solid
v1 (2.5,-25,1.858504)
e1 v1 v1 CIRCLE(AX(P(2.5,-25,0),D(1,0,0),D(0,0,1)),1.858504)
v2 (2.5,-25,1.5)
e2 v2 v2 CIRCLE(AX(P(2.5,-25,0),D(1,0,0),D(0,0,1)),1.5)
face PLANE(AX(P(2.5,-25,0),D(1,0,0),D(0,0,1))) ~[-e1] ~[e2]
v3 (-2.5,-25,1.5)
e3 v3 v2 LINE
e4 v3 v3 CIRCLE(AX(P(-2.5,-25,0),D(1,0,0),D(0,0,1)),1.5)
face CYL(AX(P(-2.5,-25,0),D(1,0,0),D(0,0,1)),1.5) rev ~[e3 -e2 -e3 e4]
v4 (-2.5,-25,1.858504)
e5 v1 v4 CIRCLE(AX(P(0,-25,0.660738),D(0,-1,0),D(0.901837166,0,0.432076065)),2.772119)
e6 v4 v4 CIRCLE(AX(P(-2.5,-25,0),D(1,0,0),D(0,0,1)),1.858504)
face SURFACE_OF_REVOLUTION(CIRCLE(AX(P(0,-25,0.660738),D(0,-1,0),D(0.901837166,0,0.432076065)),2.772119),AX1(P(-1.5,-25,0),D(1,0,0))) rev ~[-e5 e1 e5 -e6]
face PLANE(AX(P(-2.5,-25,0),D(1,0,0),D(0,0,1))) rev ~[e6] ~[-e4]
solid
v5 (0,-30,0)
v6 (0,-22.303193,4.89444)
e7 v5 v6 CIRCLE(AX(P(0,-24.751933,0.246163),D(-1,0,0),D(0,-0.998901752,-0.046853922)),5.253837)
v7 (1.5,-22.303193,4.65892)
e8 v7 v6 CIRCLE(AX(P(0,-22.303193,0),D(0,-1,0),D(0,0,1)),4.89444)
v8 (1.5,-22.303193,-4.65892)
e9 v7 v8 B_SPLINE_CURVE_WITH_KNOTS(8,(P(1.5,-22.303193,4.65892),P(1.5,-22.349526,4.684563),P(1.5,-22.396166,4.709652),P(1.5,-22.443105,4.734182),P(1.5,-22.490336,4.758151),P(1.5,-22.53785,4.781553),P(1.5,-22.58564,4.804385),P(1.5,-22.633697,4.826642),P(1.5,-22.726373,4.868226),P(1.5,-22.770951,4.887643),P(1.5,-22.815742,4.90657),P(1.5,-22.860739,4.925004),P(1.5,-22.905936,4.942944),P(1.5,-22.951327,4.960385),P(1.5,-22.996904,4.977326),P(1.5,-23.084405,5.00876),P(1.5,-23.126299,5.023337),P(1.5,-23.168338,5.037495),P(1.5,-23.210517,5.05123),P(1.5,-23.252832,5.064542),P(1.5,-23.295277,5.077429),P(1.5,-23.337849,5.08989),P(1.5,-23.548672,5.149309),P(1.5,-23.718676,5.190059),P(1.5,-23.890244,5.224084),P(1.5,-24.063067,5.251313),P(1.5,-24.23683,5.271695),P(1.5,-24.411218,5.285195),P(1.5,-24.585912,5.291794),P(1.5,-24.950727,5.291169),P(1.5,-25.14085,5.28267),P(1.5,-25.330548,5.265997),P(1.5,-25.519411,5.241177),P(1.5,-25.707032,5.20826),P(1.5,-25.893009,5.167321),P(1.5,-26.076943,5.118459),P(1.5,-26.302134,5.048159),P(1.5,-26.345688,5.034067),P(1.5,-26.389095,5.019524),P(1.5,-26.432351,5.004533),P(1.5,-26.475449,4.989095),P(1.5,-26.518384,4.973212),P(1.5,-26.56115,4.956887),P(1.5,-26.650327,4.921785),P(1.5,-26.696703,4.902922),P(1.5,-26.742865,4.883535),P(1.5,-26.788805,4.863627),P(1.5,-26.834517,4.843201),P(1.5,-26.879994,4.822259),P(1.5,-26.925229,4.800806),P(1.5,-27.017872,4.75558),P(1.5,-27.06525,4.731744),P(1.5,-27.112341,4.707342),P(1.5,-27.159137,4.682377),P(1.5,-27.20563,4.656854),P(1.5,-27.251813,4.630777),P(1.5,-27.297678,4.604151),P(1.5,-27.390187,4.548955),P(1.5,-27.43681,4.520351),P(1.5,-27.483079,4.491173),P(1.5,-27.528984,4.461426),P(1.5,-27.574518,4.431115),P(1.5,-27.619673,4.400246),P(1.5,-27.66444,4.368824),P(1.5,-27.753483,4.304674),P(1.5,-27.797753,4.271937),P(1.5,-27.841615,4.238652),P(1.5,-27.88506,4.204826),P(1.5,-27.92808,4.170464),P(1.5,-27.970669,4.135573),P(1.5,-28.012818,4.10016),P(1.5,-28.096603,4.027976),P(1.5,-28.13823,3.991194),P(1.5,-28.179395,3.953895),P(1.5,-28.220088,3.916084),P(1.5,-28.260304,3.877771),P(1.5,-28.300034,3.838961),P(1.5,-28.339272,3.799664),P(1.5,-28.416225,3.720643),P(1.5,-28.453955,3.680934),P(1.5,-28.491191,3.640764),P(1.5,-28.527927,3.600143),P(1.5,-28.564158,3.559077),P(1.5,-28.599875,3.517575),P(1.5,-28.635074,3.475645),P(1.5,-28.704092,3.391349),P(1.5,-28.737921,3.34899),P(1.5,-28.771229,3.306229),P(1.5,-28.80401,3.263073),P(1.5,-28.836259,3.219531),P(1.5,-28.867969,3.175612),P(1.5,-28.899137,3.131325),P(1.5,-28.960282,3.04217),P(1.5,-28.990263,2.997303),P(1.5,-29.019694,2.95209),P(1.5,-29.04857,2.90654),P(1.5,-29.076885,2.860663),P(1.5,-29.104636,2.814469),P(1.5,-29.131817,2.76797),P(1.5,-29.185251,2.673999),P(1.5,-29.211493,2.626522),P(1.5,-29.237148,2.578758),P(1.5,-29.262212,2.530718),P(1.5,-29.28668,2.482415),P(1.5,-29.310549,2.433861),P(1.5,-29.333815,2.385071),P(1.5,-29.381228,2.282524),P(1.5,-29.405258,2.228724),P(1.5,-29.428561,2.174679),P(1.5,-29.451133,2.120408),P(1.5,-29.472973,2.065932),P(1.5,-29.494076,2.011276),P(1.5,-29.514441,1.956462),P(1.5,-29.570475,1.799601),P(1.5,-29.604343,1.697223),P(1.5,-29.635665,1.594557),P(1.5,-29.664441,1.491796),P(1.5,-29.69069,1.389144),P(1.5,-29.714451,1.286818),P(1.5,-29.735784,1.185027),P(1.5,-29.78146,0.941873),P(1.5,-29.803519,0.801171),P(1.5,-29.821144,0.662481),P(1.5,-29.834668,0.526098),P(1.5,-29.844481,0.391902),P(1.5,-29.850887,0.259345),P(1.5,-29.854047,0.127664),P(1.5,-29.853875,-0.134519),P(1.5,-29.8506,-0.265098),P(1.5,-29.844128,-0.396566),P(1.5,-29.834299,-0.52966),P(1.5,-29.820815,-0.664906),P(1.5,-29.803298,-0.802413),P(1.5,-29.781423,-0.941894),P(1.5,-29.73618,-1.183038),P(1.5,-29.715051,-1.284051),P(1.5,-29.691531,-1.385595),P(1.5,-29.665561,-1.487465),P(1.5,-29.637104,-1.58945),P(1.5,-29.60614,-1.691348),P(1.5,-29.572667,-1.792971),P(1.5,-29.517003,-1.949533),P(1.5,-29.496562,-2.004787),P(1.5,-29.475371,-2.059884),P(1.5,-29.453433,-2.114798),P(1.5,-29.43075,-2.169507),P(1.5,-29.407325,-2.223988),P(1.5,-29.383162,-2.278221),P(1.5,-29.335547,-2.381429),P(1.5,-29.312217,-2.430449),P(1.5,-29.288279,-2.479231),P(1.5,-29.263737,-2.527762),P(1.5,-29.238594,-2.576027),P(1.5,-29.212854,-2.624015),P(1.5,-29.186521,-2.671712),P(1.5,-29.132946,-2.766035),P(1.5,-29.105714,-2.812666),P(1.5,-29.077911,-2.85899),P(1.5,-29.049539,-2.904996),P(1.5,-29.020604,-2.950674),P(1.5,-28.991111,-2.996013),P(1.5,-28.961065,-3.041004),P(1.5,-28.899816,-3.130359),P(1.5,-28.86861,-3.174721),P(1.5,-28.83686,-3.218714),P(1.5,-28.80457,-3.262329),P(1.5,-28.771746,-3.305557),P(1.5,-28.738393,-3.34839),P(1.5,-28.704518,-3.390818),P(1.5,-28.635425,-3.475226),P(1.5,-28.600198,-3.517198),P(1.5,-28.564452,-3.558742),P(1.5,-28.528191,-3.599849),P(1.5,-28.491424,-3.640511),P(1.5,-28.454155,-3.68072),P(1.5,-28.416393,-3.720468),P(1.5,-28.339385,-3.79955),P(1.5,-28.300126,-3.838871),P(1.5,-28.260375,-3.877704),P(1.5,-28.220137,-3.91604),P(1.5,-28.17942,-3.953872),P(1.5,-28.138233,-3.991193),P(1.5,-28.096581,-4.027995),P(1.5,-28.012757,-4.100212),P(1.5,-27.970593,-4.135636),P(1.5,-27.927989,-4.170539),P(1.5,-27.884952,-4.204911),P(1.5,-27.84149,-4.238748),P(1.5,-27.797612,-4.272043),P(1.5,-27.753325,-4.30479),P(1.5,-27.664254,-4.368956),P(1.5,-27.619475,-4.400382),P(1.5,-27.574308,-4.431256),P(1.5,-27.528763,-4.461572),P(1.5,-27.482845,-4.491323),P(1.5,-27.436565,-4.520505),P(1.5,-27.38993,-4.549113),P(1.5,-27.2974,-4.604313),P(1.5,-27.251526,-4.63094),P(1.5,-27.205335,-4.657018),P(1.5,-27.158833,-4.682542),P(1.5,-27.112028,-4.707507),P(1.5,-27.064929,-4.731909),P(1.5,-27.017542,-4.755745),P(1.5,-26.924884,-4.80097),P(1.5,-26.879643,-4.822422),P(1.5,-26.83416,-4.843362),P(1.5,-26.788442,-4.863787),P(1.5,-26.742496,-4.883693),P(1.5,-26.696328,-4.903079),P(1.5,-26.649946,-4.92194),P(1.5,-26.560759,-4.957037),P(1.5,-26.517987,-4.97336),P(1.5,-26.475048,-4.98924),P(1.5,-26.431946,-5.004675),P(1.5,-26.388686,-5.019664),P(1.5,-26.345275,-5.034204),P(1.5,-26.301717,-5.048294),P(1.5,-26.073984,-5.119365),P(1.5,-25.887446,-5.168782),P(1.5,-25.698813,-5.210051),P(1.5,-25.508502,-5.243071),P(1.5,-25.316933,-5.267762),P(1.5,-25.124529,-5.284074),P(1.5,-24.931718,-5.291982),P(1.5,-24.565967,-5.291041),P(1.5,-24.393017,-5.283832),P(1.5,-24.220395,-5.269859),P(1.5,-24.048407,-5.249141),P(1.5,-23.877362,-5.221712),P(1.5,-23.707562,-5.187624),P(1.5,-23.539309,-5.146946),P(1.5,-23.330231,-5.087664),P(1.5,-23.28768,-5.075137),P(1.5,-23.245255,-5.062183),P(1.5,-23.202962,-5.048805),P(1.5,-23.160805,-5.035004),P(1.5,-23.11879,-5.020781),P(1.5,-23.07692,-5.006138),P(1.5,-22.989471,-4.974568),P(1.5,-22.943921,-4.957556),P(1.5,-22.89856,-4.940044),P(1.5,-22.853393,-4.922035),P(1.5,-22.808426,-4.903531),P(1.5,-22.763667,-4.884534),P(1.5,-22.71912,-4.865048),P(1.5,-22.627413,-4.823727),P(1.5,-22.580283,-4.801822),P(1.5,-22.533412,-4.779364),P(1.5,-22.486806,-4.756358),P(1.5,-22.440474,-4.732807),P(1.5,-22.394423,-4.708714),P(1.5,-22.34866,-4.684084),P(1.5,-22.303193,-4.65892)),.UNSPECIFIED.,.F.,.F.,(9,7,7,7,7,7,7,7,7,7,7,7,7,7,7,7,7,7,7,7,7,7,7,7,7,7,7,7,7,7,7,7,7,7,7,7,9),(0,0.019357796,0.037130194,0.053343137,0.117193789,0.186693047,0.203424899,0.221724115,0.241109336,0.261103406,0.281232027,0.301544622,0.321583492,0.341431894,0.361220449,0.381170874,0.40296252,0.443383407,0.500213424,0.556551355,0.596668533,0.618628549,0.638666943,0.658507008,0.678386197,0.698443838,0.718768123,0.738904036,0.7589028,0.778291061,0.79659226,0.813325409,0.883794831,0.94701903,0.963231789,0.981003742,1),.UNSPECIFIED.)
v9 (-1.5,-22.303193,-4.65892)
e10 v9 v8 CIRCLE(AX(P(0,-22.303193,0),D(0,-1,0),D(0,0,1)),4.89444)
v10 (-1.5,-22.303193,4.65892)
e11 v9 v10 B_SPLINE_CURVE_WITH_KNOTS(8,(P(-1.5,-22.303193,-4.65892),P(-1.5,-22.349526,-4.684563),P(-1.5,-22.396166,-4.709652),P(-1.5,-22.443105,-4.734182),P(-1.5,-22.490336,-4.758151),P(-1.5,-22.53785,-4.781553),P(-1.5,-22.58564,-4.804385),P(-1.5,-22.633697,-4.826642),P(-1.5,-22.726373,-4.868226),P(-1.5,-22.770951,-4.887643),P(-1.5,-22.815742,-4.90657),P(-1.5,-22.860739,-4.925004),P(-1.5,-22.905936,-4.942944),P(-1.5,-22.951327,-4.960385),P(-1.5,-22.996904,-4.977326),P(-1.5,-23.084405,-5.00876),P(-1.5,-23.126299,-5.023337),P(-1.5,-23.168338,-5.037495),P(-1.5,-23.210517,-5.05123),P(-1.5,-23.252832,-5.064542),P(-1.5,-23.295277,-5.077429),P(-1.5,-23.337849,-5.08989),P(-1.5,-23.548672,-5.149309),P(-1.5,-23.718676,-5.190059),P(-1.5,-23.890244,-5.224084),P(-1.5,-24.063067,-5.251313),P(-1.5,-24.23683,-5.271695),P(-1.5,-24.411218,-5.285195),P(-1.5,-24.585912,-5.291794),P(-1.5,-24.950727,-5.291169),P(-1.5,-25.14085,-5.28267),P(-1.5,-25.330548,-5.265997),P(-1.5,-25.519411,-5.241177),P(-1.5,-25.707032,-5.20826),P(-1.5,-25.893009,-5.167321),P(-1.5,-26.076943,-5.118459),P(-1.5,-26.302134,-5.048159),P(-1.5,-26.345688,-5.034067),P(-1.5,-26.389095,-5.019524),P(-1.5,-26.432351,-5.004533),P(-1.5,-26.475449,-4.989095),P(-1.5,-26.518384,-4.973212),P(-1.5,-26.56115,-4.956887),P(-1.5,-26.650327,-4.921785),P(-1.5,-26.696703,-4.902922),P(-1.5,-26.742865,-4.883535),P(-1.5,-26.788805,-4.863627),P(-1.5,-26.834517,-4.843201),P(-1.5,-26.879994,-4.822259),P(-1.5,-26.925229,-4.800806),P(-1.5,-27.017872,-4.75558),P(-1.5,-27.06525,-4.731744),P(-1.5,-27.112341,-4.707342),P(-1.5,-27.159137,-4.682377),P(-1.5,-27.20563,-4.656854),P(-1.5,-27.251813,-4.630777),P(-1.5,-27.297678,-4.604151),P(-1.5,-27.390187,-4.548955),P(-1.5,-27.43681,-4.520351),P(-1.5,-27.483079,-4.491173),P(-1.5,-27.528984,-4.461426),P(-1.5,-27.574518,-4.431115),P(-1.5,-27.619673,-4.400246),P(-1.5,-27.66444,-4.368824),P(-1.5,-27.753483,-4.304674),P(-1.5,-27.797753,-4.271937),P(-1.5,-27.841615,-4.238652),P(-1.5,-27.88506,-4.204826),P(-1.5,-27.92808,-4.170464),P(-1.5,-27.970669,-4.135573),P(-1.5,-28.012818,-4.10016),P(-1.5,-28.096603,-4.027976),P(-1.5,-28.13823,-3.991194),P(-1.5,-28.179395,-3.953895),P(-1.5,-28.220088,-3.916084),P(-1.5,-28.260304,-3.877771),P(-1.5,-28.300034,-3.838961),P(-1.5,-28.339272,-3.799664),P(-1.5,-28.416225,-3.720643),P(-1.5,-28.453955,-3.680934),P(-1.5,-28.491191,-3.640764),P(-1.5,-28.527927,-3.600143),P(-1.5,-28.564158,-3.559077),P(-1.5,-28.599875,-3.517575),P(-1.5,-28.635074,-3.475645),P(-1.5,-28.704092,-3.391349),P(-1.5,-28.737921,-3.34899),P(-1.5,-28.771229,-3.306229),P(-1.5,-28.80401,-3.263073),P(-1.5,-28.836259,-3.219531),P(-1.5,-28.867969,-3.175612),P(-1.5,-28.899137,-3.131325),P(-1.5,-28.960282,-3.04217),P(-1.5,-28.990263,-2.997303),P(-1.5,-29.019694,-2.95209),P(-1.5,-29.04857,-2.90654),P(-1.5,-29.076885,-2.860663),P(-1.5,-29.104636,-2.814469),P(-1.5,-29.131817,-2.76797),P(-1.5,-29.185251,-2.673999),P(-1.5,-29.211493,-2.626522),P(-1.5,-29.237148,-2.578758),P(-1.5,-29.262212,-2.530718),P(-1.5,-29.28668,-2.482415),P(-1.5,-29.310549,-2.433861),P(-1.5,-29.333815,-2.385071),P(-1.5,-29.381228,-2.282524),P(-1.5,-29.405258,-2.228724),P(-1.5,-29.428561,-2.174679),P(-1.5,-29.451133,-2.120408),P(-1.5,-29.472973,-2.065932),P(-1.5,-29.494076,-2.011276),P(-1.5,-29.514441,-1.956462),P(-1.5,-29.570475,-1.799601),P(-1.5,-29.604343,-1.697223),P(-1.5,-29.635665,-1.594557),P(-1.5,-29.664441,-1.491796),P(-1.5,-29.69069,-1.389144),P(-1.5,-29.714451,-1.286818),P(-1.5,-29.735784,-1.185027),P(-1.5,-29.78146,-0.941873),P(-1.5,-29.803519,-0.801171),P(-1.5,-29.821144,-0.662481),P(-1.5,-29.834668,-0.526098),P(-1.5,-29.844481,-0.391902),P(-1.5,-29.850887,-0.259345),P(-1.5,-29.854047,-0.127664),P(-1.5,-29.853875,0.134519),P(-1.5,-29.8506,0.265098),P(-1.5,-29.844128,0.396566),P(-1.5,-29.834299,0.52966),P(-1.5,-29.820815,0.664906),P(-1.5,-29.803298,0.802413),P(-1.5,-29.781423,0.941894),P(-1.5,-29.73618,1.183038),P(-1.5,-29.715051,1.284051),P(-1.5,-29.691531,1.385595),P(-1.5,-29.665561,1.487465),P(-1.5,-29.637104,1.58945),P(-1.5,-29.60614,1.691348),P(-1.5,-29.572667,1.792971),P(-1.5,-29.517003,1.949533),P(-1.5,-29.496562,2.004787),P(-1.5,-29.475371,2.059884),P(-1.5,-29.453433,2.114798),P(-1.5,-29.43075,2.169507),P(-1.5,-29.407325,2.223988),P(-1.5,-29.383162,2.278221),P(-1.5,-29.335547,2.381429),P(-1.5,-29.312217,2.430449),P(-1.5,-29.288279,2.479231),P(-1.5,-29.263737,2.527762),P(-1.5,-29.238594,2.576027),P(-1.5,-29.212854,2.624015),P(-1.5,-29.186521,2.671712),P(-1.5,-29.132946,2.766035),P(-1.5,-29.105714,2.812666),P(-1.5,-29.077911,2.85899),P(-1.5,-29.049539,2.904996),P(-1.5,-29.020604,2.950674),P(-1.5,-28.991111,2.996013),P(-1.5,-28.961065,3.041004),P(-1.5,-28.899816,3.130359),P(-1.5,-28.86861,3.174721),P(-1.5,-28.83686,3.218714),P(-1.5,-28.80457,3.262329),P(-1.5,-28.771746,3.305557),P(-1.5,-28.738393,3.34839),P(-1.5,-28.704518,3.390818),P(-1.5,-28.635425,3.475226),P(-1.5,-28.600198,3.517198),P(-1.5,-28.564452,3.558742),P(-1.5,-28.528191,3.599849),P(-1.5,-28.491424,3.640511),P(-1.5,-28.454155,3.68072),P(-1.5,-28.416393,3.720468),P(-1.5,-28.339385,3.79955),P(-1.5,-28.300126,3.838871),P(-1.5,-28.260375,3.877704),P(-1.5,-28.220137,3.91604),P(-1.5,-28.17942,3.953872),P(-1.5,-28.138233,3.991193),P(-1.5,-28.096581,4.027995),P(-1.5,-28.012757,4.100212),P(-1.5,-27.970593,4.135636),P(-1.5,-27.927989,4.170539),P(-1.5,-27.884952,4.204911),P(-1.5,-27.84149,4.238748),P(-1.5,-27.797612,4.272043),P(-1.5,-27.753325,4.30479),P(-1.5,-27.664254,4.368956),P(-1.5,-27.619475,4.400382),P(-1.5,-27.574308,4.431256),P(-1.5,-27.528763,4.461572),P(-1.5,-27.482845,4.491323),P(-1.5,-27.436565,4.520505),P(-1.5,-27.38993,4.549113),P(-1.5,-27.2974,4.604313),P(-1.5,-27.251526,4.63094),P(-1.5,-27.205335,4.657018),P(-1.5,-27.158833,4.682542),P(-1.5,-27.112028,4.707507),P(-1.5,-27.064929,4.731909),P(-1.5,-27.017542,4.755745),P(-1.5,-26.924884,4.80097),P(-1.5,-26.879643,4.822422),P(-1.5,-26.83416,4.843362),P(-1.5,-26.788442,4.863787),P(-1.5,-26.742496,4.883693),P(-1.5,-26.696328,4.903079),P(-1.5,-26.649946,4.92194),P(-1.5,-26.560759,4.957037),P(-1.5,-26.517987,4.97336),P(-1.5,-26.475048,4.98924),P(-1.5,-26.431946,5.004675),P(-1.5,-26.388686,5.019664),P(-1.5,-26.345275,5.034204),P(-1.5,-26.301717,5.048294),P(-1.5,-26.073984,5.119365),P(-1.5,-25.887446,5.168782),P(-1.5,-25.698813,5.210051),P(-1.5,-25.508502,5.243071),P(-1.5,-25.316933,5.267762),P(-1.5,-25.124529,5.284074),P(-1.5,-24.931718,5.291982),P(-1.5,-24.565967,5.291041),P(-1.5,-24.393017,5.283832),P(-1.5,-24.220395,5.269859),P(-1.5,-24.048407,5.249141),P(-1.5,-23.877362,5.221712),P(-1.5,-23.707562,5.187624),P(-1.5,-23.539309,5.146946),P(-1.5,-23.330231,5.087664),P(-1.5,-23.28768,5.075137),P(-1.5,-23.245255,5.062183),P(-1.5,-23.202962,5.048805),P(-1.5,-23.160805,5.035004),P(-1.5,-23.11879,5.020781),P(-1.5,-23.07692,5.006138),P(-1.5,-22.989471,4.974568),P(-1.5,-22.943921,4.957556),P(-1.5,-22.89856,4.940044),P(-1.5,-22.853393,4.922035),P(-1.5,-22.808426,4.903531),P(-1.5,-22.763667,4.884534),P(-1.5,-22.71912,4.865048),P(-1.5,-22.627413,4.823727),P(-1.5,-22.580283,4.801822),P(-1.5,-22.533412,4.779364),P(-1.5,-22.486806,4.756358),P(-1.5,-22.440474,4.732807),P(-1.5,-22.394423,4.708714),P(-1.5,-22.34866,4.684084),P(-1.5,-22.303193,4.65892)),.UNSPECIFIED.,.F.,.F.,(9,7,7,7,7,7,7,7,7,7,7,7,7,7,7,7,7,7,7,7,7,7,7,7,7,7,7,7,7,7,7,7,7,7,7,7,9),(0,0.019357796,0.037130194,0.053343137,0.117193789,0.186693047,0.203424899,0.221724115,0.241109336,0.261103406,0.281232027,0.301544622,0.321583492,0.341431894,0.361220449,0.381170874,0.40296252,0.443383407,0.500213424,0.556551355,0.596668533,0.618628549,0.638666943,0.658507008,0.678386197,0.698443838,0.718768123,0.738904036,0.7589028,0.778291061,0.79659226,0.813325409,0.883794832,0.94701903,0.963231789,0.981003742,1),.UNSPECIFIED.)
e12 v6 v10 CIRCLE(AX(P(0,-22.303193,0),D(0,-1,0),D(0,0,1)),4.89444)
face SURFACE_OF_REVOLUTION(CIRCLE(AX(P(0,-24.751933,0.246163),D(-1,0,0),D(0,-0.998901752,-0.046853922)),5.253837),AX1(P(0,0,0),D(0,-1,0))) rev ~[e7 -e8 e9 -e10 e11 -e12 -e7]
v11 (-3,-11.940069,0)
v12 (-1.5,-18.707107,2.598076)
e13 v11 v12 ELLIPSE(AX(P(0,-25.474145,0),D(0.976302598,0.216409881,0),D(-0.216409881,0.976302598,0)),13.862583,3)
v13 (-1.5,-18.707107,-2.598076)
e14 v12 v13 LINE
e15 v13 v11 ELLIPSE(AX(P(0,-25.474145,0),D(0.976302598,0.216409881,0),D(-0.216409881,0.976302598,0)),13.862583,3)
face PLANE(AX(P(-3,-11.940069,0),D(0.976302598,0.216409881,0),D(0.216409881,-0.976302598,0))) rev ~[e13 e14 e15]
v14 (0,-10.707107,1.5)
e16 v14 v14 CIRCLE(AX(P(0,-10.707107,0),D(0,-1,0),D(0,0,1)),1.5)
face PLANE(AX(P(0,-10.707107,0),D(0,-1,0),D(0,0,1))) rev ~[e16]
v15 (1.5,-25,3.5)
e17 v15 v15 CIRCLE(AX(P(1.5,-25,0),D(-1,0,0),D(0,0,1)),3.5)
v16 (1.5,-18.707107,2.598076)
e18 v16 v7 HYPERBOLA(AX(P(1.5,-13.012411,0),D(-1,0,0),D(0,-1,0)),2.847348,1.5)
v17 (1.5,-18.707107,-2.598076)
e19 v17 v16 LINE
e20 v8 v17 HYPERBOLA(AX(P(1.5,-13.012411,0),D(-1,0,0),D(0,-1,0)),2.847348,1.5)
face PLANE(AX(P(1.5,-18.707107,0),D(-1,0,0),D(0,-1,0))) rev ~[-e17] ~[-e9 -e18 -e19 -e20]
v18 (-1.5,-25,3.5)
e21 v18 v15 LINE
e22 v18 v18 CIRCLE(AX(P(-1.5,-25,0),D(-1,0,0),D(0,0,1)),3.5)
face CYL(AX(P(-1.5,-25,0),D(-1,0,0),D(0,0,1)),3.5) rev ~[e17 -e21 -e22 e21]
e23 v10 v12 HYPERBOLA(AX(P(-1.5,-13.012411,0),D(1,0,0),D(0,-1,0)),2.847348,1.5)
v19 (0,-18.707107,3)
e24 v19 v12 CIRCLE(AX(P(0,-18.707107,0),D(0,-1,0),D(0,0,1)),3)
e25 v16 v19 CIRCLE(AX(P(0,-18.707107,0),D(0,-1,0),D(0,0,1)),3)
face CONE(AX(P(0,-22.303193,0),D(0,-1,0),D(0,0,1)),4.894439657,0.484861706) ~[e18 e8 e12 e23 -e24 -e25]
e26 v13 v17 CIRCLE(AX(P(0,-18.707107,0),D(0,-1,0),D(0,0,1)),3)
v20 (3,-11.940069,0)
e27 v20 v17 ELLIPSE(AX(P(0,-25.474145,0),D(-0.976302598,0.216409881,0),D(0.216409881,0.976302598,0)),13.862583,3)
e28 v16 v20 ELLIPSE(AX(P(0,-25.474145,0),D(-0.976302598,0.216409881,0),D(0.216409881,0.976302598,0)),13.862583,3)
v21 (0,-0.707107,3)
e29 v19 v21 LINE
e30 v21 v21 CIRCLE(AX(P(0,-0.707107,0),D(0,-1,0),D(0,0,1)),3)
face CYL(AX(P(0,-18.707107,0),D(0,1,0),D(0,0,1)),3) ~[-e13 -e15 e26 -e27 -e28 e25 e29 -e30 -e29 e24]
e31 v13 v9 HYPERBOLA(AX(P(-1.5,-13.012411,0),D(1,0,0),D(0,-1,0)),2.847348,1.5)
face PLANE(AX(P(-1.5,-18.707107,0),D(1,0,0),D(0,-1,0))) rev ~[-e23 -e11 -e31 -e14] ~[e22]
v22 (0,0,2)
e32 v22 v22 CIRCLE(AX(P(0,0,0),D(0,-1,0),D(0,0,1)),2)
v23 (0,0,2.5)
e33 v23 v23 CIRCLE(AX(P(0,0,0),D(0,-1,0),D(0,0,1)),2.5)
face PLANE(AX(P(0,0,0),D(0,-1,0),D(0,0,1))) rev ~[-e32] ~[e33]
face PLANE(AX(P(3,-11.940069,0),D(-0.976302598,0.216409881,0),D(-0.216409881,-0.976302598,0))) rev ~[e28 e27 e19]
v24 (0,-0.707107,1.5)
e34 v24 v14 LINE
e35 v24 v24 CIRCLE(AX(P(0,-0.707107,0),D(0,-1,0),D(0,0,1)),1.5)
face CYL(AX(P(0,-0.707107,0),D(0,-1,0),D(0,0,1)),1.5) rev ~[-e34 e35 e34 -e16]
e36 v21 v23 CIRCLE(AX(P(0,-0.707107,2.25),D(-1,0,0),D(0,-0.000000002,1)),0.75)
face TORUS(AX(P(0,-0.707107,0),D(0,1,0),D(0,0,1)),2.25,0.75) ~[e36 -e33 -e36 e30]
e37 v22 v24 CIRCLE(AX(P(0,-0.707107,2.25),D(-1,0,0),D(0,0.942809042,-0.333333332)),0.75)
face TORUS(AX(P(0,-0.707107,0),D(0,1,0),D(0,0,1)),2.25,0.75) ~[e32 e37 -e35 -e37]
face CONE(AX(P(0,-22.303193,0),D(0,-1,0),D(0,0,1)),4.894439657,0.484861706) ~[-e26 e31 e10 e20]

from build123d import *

# Parameters (mm, degrees)
CUT_EXTRUDE_1_DEPTH = 8
SKETCH_6_R          = 3.5
CUT_EXTRUDE_2_DEPTH = 16


with BuildPart() as part:
    # 草图1 → 旋转1 (revolve)
    with BuildSketch(Plane(origin=(0, 0, 0), x_dir=(0, 0, -1), z_dir=(1, 0, 0)), mode=Mode.PRIVATE) as revolve_1_sk:
        with BuildLine():
            Line((1.5, -0.707106781), (1.5, -10.707106781))
            Line((1.5, -10.707106781), (0, -10.707106781))
            Line((0, -10.707106781), (0, -30))
            ThreePointArc((0, -30), (4.679543251, -27.571142528), (4.894439657, -22.303192909))
            Line((4.894439657, -22.303192909), (3, -18.707106781))
            Line((3, -18.707106781), (3, -0.707106781))
            ThreePointArc((3, -0.707106781), (2.862372436, -0.274094079), (2.5, 0))
            Line((2.5, 0), (2, 0))
            ThreePointArc((2, 0), (1.637627564, -0.274094079), (1.5, -0.707106781))
        make_face()
    revolve(revolve_1_sk.sketch.rotate(Axis((0, 0, 0), (0, -1, 0)), 180), axis=Axis((0, 0, 0), (0, -1, 0)))

    # 草图5 → 切除-拉伸1 (cut, symmetric)
    with BuildSketch(Plane.XY):
        Polygon((-3, -11.940068736), (-1.5, -18.707106781), (-1.5, -33.687939327), (-8.726948797, -33.687939327), (-8.726948797, -11.940068736), align=None)
        Polygon((3, -11.940068736), (1.5, -18.707106781), (1.5, -33.687939327), (8.726948797, -33.687939327), (8.726948797, -11.940068736), align=None)
    extrude(amount=CUT_EXTRUDE_1_DEPTH, both=True, mode=Mode.SUBTRACT)

    # 草图6 → 切除-拉伸2 (cut)
    with BuildSketch(Plane.ZY.offset(1.5)):
        with Locations((0, -25)):
            Circle(SKETCH_6_R)
    extrude(amount=-CUT_EXTRUDE_2_DEPTH, mode=Mode.SUBTRACT)


with BuildPart() as body_2:
    # 草图7 → 旋转3 (revolve)
    with BuildSketch(Plane.XY, mode=Mode.PRIVATE) as revolve_3_sk:
        with BuildLine():
            Line((-2.5, -26.5), (2.5, -26.5))
            Line((2.5, -26.5), (2.5, -26.858504456))
            ThreePointArc((2.5, -26.858504456), (0, -28.432857223), (-2.5, -26.858504456))
            Line((-2.5, -26.858504456), (-2.5, -26.5))
        make_face()
    revolve(revolve_3_sk.sketch.rotate(Axis((-1.5, -25, 0), (1, 0, 0)), 270), axis=Axis((-1.5, -25, 0), (1, 0, 0)))


solid = Compound([part.part, body_2.part])
